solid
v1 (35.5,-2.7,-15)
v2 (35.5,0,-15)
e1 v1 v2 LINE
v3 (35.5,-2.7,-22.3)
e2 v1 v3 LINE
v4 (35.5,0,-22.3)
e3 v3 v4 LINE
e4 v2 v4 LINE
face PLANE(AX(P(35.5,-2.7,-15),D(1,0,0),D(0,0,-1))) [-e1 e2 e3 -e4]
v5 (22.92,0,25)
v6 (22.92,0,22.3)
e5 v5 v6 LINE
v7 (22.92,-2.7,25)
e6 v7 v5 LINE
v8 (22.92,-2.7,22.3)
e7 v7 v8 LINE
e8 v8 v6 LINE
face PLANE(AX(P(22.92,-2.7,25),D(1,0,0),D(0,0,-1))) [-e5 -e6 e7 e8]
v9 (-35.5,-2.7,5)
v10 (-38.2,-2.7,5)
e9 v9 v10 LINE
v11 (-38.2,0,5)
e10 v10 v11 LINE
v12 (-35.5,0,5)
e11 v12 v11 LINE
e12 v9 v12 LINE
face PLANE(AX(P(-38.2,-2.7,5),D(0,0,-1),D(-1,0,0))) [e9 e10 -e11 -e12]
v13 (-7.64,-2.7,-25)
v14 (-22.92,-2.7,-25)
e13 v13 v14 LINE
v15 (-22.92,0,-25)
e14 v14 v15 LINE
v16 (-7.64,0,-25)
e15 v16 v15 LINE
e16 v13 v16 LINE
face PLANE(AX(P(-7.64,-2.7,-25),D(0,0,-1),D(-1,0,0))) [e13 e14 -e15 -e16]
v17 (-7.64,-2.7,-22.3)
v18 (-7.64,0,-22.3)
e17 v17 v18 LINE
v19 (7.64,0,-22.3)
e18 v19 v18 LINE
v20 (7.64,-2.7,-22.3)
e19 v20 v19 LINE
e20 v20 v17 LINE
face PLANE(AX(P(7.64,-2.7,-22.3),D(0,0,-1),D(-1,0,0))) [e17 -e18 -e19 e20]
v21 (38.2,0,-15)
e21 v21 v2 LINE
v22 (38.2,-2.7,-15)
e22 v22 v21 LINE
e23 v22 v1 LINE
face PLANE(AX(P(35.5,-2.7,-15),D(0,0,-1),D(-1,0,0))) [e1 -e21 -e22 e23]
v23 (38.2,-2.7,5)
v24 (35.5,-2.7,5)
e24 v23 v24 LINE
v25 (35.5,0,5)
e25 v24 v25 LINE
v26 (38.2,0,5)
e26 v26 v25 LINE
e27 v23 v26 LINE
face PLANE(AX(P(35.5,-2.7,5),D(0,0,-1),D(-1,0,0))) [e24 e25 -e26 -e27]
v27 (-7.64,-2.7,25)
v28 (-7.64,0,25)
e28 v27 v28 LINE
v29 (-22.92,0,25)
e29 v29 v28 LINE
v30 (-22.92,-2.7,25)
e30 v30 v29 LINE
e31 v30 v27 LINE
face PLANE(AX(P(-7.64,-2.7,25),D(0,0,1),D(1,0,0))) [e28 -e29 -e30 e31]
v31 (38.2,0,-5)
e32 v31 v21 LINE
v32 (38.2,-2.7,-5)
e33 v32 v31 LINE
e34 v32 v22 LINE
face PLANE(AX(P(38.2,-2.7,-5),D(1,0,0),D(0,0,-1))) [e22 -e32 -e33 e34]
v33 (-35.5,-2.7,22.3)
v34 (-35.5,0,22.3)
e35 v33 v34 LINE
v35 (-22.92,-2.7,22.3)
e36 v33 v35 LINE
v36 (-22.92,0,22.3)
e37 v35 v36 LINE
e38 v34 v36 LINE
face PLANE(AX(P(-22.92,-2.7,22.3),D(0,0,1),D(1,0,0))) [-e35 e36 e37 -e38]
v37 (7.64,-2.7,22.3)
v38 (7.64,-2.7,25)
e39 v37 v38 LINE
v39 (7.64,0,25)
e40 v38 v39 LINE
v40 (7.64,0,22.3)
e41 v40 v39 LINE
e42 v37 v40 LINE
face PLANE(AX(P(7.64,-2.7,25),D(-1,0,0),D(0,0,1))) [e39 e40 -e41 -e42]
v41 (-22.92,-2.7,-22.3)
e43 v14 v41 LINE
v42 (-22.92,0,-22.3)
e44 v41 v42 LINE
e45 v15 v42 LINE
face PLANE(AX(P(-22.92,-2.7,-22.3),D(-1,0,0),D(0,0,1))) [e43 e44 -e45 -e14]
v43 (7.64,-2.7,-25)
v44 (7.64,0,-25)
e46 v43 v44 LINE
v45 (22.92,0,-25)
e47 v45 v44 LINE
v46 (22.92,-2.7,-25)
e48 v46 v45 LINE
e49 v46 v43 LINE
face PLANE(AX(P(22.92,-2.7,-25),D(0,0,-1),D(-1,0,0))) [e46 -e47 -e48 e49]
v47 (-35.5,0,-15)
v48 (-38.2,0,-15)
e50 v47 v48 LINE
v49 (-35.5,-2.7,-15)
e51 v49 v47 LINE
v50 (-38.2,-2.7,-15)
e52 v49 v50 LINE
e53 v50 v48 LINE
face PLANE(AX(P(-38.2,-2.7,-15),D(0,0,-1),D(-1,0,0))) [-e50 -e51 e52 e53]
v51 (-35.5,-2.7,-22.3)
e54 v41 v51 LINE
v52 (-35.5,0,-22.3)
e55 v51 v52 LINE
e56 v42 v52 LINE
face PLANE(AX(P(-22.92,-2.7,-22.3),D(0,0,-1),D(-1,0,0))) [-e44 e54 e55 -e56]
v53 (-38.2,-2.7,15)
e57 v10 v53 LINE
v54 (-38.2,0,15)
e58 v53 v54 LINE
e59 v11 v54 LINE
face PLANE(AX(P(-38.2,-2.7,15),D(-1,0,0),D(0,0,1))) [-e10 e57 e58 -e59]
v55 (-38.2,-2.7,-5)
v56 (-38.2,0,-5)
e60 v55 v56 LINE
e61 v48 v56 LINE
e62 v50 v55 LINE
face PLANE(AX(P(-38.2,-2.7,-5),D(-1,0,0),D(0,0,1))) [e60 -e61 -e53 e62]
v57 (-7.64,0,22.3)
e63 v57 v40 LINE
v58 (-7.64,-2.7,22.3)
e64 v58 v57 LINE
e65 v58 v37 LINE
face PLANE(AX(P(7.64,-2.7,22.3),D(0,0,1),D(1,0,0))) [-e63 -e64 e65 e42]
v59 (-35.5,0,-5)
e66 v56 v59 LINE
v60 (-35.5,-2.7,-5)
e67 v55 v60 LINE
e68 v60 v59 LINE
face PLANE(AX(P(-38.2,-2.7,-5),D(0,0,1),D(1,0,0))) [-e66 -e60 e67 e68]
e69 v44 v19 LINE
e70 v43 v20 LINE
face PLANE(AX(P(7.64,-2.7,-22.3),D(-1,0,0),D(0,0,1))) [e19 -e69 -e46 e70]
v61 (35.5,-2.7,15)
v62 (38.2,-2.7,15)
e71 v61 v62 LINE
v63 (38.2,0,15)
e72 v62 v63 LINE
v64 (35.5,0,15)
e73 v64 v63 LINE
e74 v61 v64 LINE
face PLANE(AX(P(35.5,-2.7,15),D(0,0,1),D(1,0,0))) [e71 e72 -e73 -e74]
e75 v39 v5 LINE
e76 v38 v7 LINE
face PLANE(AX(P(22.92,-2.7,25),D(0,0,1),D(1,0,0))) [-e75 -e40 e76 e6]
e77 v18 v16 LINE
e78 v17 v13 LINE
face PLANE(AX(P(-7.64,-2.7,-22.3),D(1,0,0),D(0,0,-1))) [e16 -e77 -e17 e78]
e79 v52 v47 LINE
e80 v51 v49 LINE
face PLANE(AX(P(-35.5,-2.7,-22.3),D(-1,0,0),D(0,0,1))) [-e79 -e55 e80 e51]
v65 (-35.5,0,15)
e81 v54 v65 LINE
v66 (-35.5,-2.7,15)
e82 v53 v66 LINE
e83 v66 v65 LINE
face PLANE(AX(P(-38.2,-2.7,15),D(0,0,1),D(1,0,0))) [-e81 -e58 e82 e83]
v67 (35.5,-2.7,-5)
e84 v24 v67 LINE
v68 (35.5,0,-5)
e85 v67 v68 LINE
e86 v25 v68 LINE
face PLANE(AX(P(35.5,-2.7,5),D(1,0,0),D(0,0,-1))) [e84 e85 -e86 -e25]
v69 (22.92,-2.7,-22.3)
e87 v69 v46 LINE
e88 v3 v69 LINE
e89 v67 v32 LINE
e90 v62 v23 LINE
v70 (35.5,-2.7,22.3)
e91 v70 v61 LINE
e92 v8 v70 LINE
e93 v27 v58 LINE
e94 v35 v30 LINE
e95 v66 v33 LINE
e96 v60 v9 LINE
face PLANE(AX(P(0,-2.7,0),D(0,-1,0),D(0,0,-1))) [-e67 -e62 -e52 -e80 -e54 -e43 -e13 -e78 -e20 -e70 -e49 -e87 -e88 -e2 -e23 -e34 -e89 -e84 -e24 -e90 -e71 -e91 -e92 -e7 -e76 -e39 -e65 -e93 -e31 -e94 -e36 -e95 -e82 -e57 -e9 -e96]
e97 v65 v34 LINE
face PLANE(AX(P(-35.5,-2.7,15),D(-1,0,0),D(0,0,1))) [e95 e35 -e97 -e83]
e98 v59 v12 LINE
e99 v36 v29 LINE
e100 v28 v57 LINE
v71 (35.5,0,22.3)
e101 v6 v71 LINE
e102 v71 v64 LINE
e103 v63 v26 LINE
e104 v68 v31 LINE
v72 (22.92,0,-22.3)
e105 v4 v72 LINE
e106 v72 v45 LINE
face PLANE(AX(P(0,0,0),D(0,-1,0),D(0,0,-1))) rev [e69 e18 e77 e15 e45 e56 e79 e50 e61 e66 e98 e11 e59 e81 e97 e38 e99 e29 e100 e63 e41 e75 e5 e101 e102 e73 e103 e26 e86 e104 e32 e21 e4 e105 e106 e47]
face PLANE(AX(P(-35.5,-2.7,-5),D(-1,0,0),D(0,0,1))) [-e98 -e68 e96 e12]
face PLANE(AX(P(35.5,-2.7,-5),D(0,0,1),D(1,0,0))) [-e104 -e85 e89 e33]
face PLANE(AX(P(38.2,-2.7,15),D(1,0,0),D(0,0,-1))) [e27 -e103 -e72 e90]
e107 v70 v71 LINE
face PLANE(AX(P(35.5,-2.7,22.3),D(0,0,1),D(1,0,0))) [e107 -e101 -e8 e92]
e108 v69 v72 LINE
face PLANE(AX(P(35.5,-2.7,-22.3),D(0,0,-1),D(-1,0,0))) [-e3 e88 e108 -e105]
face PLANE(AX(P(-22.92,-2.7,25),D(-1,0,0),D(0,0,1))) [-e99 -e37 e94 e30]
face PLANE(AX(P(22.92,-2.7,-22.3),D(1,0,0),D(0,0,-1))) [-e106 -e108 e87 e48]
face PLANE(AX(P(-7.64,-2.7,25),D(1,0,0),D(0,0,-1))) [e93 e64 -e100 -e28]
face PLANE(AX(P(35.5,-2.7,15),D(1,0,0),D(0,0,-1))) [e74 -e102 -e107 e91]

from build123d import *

# Parameters (mm, degrees)
BOSS_EXTRUDE1_DEPTH = 2.7


with BuildPart() as part:
    # Sketch1 → Boss-Extrude1 (new body)
    with BuildSketch(Plane(origin=(0, 0, 0), x_dir=(1, 0, 0), z_dir=(0, 1, 0))):
        Polygon((-22.92, 22.3), (-35.5, 22.3), (-35.5, 15), (-38.2, 15), (-38.2, 5), (-35.5, 5), (-35.5, -5), (-38.2, -5), (-38.2, -15), (-35.5, -15), (-35.5, -22.3), (-22.92, -22.3), (-22.92, -25), (-7.64, -25), (-7.64, -22.3), (7.64, -22.3), (7.64, -25), (22.92, -25), (22.92, -22.3), (35.5, -22.3), (35.5, -15), (38.2, -15), (38.2, -5), (35.5, -5), (35.5, 5), (38.2, 5), (38.2, 15), (35.5, 15), (35.5, 22.3), (22.92, 22.3), (22.92, 25), (7.64, 25), (7.64, 22.3), (-7.64, 22.3), (-7.64, 25), (-22.92, 25), align=None)
    extrude(amount=-BOSS_EXTRUDE1_DEPTH)


solid = part.part
